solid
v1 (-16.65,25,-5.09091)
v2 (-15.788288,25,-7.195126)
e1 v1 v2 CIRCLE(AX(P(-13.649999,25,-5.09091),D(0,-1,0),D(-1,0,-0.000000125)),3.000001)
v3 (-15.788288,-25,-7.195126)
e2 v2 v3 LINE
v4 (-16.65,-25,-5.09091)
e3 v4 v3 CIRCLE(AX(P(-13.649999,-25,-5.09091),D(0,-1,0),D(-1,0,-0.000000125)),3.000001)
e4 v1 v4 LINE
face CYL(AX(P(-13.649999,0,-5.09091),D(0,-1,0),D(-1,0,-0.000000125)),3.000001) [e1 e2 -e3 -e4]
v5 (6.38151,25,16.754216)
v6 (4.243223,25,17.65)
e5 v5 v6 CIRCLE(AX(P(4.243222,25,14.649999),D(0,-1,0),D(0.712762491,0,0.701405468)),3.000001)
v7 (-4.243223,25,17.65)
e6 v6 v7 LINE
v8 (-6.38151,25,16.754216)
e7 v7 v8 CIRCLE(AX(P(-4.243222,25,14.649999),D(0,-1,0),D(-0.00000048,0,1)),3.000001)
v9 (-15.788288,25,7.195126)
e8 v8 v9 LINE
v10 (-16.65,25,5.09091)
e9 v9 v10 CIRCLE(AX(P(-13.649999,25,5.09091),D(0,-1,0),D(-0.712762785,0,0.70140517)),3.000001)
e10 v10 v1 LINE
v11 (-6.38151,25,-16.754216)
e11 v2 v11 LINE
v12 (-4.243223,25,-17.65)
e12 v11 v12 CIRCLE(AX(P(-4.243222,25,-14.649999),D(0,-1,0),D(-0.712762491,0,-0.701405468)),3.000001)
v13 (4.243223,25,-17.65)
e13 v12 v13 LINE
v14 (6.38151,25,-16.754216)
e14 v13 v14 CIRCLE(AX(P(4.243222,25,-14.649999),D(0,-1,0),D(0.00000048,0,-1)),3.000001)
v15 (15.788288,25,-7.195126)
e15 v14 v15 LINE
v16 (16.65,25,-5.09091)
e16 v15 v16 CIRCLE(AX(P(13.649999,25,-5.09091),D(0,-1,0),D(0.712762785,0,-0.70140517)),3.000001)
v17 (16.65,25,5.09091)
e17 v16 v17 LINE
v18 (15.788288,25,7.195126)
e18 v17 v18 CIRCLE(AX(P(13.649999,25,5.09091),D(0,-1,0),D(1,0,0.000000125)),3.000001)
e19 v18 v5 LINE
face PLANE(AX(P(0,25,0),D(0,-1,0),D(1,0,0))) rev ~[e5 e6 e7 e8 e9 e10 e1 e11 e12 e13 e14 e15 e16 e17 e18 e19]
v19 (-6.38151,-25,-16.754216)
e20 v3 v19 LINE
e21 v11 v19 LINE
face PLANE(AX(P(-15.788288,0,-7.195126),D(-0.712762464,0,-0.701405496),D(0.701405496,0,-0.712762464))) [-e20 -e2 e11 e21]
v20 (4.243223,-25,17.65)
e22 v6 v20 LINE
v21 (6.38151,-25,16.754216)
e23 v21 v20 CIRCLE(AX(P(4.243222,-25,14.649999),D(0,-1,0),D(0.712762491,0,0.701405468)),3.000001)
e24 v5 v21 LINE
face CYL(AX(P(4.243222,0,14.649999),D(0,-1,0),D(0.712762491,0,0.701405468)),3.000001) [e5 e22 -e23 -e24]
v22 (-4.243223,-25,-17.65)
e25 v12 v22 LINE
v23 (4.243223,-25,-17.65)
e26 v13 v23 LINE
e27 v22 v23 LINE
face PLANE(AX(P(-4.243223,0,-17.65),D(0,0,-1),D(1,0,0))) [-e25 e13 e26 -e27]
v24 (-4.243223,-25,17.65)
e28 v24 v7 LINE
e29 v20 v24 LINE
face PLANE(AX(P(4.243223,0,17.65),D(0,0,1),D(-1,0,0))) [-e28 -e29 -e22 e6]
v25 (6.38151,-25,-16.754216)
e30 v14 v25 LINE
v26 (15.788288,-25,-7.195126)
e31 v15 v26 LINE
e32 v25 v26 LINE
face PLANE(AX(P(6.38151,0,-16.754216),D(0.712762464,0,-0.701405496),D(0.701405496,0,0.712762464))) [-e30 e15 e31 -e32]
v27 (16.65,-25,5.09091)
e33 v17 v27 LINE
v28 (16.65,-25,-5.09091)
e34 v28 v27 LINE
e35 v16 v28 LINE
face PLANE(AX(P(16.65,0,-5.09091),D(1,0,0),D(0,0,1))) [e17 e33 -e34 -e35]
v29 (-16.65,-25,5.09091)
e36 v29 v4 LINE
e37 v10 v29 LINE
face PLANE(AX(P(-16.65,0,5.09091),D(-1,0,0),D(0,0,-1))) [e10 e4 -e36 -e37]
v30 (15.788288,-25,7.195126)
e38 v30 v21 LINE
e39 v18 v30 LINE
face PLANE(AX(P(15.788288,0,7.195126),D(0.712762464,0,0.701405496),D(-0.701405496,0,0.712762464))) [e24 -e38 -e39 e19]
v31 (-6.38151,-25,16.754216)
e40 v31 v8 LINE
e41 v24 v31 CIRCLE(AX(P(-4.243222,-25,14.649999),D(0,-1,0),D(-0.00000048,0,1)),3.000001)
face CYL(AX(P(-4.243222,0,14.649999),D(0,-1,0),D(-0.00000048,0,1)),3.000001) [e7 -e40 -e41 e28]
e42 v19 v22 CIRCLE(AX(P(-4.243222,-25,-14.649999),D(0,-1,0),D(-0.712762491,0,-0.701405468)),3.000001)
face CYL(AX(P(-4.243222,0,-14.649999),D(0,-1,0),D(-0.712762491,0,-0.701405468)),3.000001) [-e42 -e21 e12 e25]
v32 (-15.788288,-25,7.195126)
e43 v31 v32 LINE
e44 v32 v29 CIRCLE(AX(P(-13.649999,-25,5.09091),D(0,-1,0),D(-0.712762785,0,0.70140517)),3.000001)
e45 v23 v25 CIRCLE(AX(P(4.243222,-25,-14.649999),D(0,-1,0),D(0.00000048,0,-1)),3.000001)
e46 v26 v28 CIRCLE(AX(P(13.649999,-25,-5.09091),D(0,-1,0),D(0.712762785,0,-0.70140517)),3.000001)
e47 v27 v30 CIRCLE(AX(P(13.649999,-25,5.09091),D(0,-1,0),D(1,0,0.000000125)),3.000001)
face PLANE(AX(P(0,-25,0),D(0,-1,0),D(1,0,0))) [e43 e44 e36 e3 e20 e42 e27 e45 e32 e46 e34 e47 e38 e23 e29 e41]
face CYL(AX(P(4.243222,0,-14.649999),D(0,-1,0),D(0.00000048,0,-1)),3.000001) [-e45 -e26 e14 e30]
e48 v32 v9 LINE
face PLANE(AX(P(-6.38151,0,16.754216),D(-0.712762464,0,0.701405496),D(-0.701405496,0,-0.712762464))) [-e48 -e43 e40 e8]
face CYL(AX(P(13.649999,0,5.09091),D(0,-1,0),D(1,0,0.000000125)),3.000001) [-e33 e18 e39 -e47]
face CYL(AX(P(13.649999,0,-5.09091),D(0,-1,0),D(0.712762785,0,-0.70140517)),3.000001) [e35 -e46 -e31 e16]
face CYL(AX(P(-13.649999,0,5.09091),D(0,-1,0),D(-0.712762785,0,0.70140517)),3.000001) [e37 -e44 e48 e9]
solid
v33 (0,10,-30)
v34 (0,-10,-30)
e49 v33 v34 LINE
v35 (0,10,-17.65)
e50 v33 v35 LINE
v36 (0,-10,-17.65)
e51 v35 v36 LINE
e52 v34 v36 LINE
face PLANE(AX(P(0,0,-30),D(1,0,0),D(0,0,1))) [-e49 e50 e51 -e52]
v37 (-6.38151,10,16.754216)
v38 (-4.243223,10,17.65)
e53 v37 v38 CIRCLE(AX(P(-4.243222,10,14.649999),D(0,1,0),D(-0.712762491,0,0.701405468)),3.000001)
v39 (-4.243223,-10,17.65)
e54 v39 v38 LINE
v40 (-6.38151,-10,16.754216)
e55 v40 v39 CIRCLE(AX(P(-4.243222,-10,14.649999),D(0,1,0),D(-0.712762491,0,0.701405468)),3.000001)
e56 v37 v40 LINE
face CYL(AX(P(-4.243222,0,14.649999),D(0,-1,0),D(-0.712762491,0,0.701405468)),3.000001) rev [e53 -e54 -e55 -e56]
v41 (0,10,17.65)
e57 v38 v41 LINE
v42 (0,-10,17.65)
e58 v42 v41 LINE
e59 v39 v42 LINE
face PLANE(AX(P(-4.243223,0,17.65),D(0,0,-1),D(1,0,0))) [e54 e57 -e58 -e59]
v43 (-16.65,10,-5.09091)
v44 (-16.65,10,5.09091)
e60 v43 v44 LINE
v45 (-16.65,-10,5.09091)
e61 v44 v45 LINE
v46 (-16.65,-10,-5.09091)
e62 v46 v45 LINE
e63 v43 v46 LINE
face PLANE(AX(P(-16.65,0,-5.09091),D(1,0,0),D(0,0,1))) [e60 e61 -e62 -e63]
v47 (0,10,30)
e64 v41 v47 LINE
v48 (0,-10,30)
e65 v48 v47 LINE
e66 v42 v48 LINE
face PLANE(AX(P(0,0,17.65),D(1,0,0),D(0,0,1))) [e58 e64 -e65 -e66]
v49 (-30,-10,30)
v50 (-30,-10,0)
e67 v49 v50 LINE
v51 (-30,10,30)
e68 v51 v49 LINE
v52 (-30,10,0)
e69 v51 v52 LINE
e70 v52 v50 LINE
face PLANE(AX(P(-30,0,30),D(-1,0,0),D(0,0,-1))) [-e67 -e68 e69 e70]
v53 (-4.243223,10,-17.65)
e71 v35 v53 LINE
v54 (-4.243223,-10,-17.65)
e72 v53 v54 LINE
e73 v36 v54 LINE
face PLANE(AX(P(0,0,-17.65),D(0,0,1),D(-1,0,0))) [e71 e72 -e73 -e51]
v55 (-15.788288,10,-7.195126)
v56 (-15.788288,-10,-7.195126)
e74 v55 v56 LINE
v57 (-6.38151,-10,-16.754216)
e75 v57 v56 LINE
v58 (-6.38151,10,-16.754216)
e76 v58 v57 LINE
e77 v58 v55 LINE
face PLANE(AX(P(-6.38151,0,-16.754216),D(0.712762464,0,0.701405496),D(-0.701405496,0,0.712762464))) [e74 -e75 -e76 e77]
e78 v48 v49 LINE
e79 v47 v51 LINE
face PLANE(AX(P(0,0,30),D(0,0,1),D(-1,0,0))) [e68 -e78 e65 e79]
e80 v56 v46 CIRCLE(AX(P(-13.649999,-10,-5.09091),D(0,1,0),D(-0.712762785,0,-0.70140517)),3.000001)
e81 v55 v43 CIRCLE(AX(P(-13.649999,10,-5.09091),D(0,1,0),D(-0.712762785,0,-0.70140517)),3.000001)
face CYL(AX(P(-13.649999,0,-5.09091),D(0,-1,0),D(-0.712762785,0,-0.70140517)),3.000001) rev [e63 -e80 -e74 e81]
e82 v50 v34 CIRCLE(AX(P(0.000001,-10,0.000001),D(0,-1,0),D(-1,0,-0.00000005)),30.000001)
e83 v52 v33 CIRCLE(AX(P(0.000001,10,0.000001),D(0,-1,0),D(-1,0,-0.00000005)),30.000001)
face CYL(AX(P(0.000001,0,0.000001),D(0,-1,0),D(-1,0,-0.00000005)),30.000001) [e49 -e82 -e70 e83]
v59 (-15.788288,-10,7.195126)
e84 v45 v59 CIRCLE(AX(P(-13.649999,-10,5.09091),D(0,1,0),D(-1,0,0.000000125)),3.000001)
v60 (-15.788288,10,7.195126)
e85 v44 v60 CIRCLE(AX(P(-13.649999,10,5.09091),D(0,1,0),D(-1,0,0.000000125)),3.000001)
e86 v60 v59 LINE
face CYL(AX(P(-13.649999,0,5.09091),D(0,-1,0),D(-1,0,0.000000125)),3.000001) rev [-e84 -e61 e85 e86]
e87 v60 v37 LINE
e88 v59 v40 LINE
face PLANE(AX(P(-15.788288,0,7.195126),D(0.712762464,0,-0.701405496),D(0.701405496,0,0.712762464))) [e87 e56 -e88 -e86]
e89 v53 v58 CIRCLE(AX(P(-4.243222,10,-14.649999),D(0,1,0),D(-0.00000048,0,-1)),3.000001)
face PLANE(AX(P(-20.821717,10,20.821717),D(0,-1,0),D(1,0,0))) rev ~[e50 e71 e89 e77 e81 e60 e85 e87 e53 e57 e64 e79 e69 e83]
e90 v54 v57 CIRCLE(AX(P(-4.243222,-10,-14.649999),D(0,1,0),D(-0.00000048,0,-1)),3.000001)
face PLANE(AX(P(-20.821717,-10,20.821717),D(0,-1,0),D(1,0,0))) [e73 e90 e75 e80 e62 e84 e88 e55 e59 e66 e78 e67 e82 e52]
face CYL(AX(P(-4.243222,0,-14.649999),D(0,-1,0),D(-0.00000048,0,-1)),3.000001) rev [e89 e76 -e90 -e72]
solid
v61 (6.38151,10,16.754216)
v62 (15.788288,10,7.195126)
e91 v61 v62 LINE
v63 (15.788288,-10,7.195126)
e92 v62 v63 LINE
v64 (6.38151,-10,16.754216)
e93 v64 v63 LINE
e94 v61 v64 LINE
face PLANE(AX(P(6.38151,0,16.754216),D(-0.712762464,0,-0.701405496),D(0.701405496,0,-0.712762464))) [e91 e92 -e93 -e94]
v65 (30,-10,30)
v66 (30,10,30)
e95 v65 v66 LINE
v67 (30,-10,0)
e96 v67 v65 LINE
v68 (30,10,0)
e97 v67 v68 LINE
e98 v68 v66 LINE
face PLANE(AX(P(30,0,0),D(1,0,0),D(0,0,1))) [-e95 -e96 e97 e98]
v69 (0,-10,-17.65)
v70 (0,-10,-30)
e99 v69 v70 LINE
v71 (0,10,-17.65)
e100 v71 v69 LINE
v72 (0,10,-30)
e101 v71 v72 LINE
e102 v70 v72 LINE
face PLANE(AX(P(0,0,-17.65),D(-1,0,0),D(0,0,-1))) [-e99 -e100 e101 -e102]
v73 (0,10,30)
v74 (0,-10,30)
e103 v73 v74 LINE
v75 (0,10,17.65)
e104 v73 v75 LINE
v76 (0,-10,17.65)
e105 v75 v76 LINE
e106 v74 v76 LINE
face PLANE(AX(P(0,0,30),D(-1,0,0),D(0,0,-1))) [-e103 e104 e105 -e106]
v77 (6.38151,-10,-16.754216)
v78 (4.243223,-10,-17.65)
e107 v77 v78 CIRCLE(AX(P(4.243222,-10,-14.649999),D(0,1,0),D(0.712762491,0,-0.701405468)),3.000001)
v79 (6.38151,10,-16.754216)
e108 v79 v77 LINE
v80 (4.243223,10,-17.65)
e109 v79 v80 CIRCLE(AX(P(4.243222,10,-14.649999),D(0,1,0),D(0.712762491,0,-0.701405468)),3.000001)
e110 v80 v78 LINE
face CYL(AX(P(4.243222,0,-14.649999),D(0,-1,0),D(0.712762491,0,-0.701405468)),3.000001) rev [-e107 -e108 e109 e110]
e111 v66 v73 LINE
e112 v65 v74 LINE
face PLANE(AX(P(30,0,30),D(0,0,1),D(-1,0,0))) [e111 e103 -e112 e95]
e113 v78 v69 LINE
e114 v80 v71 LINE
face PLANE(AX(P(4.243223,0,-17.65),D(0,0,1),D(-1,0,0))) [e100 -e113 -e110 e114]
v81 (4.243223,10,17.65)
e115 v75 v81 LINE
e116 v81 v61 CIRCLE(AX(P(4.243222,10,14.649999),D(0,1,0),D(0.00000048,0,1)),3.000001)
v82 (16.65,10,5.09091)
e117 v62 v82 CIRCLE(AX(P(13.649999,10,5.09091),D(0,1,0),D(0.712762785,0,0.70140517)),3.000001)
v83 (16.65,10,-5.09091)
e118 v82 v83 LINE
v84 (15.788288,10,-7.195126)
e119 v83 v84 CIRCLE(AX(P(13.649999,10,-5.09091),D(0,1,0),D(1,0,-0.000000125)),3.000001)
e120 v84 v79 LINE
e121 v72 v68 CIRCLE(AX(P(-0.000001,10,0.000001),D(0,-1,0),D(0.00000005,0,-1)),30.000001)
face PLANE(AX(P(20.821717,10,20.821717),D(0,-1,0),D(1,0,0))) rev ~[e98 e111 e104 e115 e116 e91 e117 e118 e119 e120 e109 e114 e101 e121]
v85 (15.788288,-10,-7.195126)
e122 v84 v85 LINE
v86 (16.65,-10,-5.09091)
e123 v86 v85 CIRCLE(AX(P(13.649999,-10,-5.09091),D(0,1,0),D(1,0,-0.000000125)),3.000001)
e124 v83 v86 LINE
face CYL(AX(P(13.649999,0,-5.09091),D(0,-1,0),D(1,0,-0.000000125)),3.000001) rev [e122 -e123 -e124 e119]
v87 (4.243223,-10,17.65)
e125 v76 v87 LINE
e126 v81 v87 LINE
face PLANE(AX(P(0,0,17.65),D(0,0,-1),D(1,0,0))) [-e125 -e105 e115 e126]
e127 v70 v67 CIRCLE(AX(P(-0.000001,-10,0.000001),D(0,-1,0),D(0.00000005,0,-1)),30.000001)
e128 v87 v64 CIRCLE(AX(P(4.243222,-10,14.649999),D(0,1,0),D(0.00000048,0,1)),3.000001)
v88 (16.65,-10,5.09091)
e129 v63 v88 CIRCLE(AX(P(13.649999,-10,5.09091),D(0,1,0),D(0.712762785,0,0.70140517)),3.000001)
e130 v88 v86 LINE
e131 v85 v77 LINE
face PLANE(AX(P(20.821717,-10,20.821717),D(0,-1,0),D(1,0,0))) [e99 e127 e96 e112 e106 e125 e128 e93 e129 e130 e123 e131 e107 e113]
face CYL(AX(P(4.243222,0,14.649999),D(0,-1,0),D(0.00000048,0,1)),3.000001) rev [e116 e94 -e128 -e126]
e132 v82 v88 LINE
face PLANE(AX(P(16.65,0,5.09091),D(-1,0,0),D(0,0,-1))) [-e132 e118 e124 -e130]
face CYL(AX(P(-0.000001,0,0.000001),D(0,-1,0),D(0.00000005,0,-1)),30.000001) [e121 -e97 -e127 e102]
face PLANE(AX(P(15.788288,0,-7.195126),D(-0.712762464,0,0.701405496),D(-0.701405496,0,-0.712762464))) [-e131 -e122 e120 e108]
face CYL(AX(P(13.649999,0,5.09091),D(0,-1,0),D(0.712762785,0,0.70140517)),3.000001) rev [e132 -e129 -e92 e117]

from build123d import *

# Parameters (mm, degrees)
F1_DEPTH      = 25
F1_DEPTH_BACK = 25
F2_DEPTH      = 10
F2_DEPTH_BACK = 10
F3_DEPTH      = 10
F3_DEPTH_BACK = 10


with BuildPart() as f1:
    # F0 (on Front) → F1 (new body, two sides)
    with BuildSketch(Plane.XZ) as f1_sk:
        with BuildLine():
            ThreePointArc((-15.788288, 7.195126), (-16.426226, 6.227822), (-16.65, 5.09091))
            Line((-16.65, 5.09091), (-16.65, -5.09091))
            ThreePointArc((-16.65, -5.09091), (-16.426226, -6.227822), (-15.788288, -7.195126))
            Line((-15.788288, -7.195126), (-6.38151, -16.754216))
            ThreePointArc((-6.38151, -16.754216), (-5.402393, -17.417006), (-4.243223, -17.65))
            Line((-4.243223, -17.65), (0, -17.65))
            Line((0, -17.65), (4.243223, -17.65))
            ThreePointArc((4.243223, -17.65), (5.402393, -17.417006), (6.38151, -16.754216))
            Line((6.38151, -16.754216), (15.788288, -7.195126))
            ThreePointArc((15.788288, -7.195126), (16.426226, -6.227822), (16.65, -5.09091))
            Line((16.65, -5.09091), (16.65, 5.09091))
            ThreePointArc((16.65, 5.09091), (16.426226, 6.227822), (15.788288, 7.195126))
            Line((15.788288, 7.195126), (6.38151, 16.754216))
            ThreePointArc((6.38151, 16.754216), (5.402393, 17.417006), (4.243223, 17.65))
            Line((4.243223, 17.65), (0, 17.65))
            Line((0, 17.65), (-4.243223, 17.65))
            ThreePointArc((-4.243223, 17.65), (-5.402393, 17.417006), (-6.38151, 16.754216))
            Line((-6.38151, 16.754216), (-15.788288, 7.195126))
        make_face()
    extrude(amount=F1_DEPTH)
    extrude(f1_sk.sketch, amount=-F1_DEPTH_BACK)


with BuildPart() as f2:
    # F0 (on Front) → F2 (new body, two sides)
    with BuildSketch(Plane.XZ) as f2_sk:
        with BuildLine():
            ThreePointArc((-30, 0), (-21.213203, 21.213203), (0, 30))
            Line((0, 30), (-30, 30))
            Line((-30, 30), (-30, 0))
        make_face()
        with BuildLine():
            Line((-16.65, -5.09091), (-16.65, 5.09091))
            ThreePointArc((-16.65, 5.09091), (-16.426226, 6.227822), (-15.788288, 7.195126))
            Line((-15.788288, 7.195126), (-6.38151, 16.754216))
            ThreePointArc((-6.38151, 16.754216), (-5.402393, 17.417006), (-4.243223, 17.65))
            Line((-4.243223, 17.65), (0, 17.65))
            Line((0, 17.65), (0, 30))
            ThreePointArc((0, 30), (-21.213203, 21.213203), (-30, 0))
            ThreePointArc((-30, 0), (-21.213203, -21.213203), (0, -30))
            Line((0, -30), (0, -17.65))
            Line((0, -17.65), (-4.243223, -17.65))
            ThreePointArc((-4.243223, -17.65), (-5.402393, -17.417006), (-6.38151, -16.754216))
            Line((-6.38151, -16.754216), (-15.788288, -7.195126))
            ThreePointArc((-15.788288, -7.195126), (-16.426226, -6.227822), (-16.65, -5.09091))
        make_face()
    extrude(amount=F2_DEPTH)
    extrude(f2_sk.sketch, amount=-F2_DEPTH_BACK)


with BuildPart() as f3:
    # F0 (on Front) → F3 (new body, two sides)
    with BuildSketch(Plane.XZ) as f3_sk:
        with BuildLine():
            Line((30, 30), (0, 30))
            ThreePointArc((0, 30), (21.213203, 21.213203), (30, 0))
            Line((30, 0), (30, 30))
        make_face()
        with BuildLine():
            Line((0, 30), (0, 17.65))
            Line((0, 17.65), (4.243223, 17.65))
            ThreePointArc((4.243223, 17.65), (5.402393, 17.417006), (6.38151, 16.754216))
            Line((6.38151, 16.754216), (15.788288, 7.195126))
            ThreePointArc((15.788288, 7.195126), (16.426226, 6.227822), (16.65, 5.09091))
            Line((16.65, 5.09091), (16.65, -5.09091))
            ThreePointArc((16.65, -5.09091), (16.426226, -6.227822), (15.788288, -7.195126))
            Line((15.788288, -7.195126), (6.38151, -16.754216))
            ThreePointArc((6.38151, -16.754216), (5.402393, -17.417006), (4.243223, -17.65))
            Line((4.243223, -17.65), (0, -17.65))
            Line((0, -17.65), (0, -30))
            ThreePointArc((0, -30), (21.213203, -21.213203), (30, 0))
            ThreePointArc((30, 0), (21.213203, 21.213203), (0, 30))
        make_face()
    extrude(amount=F3_DEPTH)
    extrude(f3_sk.sketch, amount=-F3_DEPTH_BACK)


solid = Compound([f1.part, f2.part, f3.part])
